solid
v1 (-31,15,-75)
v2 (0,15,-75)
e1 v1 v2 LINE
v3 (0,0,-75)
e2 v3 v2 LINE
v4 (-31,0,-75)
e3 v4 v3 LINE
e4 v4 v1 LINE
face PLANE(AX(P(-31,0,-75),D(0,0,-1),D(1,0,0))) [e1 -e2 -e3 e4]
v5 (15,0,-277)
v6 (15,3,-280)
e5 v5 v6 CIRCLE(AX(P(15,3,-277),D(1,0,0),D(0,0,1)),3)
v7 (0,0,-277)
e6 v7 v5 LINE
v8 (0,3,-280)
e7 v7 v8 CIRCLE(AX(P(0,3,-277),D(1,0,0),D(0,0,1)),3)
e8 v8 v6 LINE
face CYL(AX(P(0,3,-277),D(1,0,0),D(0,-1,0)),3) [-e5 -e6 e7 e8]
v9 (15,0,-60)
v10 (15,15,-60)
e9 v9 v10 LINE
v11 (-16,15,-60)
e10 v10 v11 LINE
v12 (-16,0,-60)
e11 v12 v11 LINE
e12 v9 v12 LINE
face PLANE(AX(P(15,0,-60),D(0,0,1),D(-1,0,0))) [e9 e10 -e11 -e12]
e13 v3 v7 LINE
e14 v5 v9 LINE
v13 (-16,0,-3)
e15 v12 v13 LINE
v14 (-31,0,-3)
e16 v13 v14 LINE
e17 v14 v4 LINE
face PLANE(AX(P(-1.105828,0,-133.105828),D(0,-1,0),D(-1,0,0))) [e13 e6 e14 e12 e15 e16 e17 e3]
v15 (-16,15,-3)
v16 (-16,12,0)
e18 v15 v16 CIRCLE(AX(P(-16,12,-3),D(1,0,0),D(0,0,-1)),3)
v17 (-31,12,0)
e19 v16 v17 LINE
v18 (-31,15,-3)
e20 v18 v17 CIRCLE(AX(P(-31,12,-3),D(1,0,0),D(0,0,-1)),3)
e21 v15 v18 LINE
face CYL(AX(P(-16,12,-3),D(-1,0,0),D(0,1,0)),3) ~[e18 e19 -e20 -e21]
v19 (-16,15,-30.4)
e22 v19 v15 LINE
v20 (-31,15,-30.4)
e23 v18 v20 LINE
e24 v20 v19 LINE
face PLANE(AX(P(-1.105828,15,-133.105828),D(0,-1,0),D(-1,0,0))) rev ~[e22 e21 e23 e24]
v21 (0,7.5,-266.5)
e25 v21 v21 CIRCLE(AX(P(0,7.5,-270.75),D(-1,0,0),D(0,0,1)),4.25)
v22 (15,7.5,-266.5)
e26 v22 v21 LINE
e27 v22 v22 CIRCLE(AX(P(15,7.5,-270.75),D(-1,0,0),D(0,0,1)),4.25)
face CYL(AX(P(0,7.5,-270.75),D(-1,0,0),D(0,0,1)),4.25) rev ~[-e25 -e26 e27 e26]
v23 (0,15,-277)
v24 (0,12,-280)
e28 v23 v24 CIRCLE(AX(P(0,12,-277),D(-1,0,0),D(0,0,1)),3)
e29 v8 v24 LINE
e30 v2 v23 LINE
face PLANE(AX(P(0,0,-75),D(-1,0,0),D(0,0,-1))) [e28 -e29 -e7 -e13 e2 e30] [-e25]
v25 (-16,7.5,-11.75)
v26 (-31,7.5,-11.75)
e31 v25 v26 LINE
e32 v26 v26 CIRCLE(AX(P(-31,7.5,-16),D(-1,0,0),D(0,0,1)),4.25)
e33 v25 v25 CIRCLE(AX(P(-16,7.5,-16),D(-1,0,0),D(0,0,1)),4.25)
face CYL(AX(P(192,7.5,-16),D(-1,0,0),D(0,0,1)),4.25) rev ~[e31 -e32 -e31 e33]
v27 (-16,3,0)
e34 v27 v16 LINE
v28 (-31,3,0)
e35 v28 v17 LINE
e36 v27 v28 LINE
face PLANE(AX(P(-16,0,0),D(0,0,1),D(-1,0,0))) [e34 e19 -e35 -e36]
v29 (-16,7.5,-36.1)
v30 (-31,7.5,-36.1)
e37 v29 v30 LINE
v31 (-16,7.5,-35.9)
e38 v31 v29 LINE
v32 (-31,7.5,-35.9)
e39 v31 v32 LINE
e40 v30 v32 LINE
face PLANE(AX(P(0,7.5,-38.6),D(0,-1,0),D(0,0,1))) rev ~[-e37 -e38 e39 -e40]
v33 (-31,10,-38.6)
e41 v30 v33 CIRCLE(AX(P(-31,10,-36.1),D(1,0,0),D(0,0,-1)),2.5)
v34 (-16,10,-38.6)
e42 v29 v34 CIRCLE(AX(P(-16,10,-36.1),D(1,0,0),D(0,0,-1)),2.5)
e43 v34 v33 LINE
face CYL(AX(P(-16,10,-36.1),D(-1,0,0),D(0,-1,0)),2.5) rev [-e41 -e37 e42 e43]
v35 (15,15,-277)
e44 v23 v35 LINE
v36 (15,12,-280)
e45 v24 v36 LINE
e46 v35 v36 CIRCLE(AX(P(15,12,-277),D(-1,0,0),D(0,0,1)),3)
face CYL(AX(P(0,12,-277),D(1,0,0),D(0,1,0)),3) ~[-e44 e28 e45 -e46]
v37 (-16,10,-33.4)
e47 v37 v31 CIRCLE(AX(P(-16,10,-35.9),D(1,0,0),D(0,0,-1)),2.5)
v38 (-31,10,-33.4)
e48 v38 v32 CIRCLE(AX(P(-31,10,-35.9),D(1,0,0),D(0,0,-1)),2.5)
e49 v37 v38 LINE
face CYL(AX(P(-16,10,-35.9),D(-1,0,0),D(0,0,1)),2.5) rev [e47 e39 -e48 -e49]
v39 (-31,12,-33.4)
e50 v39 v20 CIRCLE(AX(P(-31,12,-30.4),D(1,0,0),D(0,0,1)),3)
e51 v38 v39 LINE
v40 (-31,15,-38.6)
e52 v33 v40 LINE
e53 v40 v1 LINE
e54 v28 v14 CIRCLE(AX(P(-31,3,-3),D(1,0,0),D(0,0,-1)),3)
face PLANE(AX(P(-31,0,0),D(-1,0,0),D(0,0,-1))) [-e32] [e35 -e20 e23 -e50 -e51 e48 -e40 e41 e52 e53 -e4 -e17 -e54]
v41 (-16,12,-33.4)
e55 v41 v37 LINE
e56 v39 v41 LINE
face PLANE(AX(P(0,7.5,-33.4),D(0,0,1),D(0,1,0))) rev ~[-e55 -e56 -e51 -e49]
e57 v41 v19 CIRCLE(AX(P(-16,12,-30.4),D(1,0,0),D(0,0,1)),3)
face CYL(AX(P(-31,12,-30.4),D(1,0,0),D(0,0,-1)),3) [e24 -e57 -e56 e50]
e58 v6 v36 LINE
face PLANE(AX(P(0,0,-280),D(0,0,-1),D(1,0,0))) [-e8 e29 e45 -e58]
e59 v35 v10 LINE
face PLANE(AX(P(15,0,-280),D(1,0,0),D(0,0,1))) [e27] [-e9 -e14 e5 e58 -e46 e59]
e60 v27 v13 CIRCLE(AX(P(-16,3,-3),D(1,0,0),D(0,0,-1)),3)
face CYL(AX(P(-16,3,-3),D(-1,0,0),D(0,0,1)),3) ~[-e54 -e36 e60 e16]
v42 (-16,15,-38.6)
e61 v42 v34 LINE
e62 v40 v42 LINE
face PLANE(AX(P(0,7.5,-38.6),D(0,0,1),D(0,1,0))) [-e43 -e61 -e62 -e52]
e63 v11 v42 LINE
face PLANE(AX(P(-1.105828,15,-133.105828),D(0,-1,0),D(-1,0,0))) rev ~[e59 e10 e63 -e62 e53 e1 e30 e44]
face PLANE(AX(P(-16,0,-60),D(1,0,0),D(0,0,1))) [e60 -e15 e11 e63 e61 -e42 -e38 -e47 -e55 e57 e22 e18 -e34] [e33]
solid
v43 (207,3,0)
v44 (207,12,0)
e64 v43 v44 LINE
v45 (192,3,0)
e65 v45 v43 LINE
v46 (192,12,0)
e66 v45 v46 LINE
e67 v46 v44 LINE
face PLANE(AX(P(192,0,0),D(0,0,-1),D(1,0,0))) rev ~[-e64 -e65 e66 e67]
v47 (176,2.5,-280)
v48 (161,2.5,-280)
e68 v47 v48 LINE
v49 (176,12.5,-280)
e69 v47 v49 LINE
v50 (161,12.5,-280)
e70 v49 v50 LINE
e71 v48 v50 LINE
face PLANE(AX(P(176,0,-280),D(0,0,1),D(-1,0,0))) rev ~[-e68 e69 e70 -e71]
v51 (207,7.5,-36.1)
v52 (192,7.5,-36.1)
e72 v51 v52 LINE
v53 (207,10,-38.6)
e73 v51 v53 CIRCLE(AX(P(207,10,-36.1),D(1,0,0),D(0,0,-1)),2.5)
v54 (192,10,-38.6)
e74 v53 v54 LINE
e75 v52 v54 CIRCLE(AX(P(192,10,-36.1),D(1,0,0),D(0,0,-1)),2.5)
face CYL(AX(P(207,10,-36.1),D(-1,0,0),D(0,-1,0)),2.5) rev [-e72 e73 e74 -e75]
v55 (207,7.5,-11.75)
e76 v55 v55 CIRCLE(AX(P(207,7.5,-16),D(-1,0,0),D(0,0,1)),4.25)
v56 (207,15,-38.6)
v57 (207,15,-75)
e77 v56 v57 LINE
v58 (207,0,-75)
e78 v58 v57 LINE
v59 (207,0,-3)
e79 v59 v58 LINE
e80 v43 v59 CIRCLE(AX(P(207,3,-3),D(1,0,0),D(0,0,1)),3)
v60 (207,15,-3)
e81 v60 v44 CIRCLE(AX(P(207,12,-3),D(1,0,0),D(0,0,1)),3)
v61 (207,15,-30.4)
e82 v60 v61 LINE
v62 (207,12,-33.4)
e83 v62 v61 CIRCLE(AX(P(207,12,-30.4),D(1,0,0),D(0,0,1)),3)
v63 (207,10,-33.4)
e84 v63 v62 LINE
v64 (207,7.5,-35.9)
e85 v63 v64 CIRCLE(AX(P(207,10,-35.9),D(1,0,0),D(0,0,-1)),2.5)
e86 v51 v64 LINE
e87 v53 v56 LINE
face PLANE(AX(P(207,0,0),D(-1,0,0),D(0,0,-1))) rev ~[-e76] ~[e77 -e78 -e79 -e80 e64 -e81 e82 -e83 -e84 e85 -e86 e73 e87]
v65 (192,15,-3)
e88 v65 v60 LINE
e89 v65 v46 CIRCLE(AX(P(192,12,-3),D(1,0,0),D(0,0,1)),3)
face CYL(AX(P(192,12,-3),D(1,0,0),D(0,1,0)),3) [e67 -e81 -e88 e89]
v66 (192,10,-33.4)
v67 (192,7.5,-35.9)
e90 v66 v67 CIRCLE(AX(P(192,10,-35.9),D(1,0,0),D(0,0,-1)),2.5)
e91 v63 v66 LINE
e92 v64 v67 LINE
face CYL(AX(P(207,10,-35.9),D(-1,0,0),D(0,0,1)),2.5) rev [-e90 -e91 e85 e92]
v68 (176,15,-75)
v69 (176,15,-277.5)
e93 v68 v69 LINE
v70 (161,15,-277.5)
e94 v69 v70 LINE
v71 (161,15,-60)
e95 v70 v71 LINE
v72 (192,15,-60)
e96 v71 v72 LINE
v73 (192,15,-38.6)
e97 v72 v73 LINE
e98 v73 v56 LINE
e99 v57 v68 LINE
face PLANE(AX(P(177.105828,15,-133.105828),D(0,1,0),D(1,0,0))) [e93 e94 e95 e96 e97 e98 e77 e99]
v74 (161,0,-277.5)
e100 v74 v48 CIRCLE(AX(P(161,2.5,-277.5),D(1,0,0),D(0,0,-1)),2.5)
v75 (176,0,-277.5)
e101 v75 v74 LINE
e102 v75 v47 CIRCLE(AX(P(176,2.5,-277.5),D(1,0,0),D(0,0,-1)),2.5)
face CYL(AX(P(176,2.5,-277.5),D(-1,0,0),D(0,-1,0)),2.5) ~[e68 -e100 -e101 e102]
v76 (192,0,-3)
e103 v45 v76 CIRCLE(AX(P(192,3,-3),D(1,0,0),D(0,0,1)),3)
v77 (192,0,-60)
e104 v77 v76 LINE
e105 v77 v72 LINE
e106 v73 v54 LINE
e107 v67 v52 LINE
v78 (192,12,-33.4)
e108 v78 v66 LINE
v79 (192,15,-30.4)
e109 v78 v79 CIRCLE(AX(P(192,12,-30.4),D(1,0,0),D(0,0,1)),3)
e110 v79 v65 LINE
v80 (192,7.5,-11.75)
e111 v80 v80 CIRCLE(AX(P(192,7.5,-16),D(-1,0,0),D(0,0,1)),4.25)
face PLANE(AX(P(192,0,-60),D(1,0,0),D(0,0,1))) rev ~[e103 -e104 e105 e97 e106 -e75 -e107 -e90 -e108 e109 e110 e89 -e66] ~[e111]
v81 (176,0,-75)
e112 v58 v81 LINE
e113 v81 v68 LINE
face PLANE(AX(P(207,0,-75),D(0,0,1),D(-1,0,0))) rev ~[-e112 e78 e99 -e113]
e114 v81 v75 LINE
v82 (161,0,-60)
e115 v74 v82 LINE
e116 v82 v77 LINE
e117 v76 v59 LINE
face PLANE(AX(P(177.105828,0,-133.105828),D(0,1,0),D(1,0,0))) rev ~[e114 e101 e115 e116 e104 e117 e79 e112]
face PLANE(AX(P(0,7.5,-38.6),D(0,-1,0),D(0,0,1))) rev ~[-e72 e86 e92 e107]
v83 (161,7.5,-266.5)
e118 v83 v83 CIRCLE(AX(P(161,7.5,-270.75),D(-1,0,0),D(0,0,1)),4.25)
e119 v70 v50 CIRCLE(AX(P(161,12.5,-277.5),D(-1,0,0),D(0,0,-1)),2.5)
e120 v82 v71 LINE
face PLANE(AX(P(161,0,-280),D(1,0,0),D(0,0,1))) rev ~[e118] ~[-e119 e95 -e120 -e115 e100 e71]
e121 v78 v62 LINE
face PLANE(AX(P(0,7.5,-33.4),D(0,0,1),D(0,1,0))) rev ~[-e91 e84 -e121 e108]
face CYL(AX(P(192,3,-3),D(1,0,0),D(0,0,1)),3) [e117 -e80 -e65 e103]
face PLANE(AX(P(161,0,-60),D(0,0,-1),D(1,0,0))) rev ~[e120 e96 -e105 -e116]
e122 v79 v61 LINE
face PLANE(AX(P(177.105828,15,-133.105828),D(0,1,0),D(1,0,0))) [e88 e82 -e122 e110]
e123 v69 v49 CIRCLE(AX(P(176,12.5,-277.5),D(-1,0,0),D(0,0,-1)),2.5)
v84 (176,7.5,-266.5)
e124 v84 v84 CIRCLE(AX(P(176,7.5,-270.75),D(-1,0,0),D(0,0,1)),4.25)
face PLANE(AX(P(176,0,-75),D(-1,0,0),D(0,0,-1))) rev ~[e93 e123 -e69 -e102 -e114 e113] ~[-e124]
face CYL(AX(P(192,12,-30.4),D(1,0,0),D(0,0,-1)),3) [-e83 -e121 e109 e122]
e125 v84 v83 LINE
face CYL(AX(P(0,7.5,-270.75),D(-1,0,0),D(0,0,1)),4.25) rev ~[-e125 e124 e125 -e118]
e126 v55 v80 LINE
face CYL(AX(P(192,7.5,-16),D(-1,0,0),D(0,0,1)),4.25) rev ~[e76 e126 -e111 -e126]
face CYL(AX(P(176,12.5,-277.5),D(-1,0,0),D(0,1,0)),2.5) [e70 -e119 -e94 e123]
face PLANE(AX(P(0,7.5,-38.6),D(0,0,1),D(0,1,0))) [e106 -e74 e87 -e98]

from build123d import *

# Parameters (mm, degrees)
OUTER_LEGS_DEPTH            = 15
OUTER_LEGS_2_DEPTH          = 15
SKETCH7_R                   = 4.25
LOWER_DOWEL_HOLE_DEPTH      = 224
LOWER_DOWEL_HOLE_DEPTH_BACK = 16
SKETCH8_W                   = 5.2
SKETCH8_H                   = 7.5
CUT_EXTRUDE4_DEPTH          = 32
CUT_EXTRUDE4_DEPTH_BACK     = 208
SKETCH6_R                   = 4.25
HINGE_HOLE_DEPTH            = 32
HINGE_HOLE_DEPTH_BACK       = 208
FILLET3_R                   = 2.5
FILLET5_R                   = 3
FILLET6_R                   = 3
FILLET10_R                  = 3
FILLET11_R                  = 3
FILLET12_R                  = 2.5
FILLET13_R                  = 2.5
FILLET14_R                  = 3


with BuildPart() as part:
    # Sketch2 → outer legs (new body)
    with BuildSketch(Plane(origin=(0, 0, 0), x_dir=(1, 0, 0), z_dir=(0, 1, 0))):
        Polygon((0, 75), (0, 280), (15, 280), (15, 60), (-16, 60), (-16, 0), (-31, 0), (-31, 75), align=None)
    extrude(amount=OUTER_LEGS_DEPTH)


with BuildPart() as body_2:
    # Sketch2 → outer legs 2 (new body)
    with BuildSketch(Plane(origin=(0, 0, 0), x_dir=(1, 0, 0), z_dir=(0, 1, 0))):
        Polygon((176, 75), (176, 280), (161, 280), (161, 60), (192, 60), (192, 0), (207, 0), (207, 75), align=None)
    extrude(amount=OUTER_LEGS_2_DEPTH)


with BuildPart() as lower_dowel_hole_tool:
    # Sketch7 → LOWER DOWEL HOLE (new body, two sides)
    with BuildSketch(Plane.ZY.offset(-192)) as lower_dowel_hole_sk:
        with Locations((-16, 7.5)):
            Circle(SKETCH7_R)
    extrude(amount=LOWER_DOWEL_HOLE_DEPTH)
    extrude(lower_dowel_hole_sk.sketch, amount=-LOWER_DOWEL_HOLE_DEPTH_BACK)


with BuildPart() as part_1:
    add(part.part)

    # LOWER DOWEL HOLE: cut by lower_dowel_hole_tool
    add(lower_dowel_hole_tool.part, mode=Mode.SUBTRACT)


with BuildPart() as body_2_1:
    add(body_2.part)

    # LOWER DOWEL HOLE: cut by lower_dowel_hole_tool
    add(lower_dowel_hole_tool.part, mode=Mode.SUBTRACT)


with BuildPart() as cut_extrude4_tool:
    # Sketch8 → Cut-Extrude4 (new body, two sides)
    with BuildSketch(Plane.ZY) as cut_extrude4_sk:
        with Locations((-36, 11.25)):
            Rectangle(SKETCH8_W, SKETCH8_H)
    extrude(amount=CUT_EXTRUDE4_DEPTH)
    extrude(cut_extrude4_sk.sketch, amount=-CUT_EXTRUDE4_DEPTH_BACK)


with BuildPart() as part_2:
    add(part_1.part)

    # Cut-Extrude4: cut by cut_extrude4_tool
    add(cut_extrude4_tool.part, mode=Mode.SUBTRACT)


with BuildPart() as body_2_2:
    add(body_2_1.part)

    # Cut-Extrude4: cut by cut_extrude4_tool
    add(cut_extrude4_tool.part, mode=Mode.SUBTRACT)


with BuildPart() as hinge_hole_tool:
    # Sketch6 → HINGE HOLE (new body, two sides)
    with BuildSketch(Plane.ZY) as hinge_hole_sk:
        with Locations((-270.75, 7.5)):
            Circle(SKETCH6_R)
    extrude(amount=HINGE_HOLE_DEPTH)
    extrude(hinge_hole_sk.sketch, amount=-HINGE_HOLE_DEPTH_BACK)


with BuildPart() as part_3:
    add(part_2.part)

    # HINGE HOLE: cut by hinge_hole_tool
    add(hinge_hole_tool.part, mode=Mode.SUBTRACT)

    # Fillet5
    fillet5_edges = [part_3.edges().sort_by_distance(p)[0] for p in [
        (-23.5, 15, -33.4),
    ]]
    fillet(fillet5_edges, radius=FILLET5_R)

    # Fillet10
    fillet10_edges = [part_3.edges().sort_by_distance(p)[0] for p in [
        (-23.5, 15, 0),
        (-23.5, 0, 0),
    ]]
    fillet(fillet10_edges, radius=FILLET10_R)

    # Fillet12
    fillet12_edges = [part_3.edges().sort_by_distance(p)[0] for p in [
        (-23.5, 7.5, -38.6),
        (-23.5, 7.5, -33.4),
    ]]
    fillet(fillet12_edges, radius=FILLET12_R)

    # Fillet14
    fillet14_edges = [part_3.edges().sort_by_distance(p)[0] for p in [
        (7.5, 0, -280),
        (7.5, 15, -280),
    ]]
    fillet(fillet14_edges, radius=FILLET14_R)


with BuildPart() as body_2_3:
    add(body_2_2.part)

    # HINGE HOLE: cut by hinge_hole_tool
    add(hinge_hole_tool.part, mode=Mode.SUBTRACT)

    # Fillet3
    fillet3_edges = [body_2_3.edges().sort_by_distance(p)[0] for p in [
        (168.5, 0, -280),
        (168.5, 15, -280),
    ]]
    fillet(fillet3_edges, radius=FILLET3_R)

    # Fillet6
    fillet6_edges = [body_2_3.edges().sort_by_distance(p)[0] for p in [
        (199.5, 15, -33.4),
    ]]
    fillet(fillet6_edges, radius=FILLET6_R)

    # Fillet11
    fillet11_edges = [body_2_3.edges().sort_by_distance(p)[0] for p in [
        (199.5, 0, 0),
        (199.5, 15, 0),
    ]]
    fillet(fillet11_edges, radius=FILLET11_R)

    # Fillet13
    fillet13_edges = [body_2_3.edges().sort_by_distance(p)[0] for p in [
        (199.5, 7.5, -33.4),
        (199.5, 7.5, -38.6),
    ]]
    fillet(fillet13_edges, radius=FILLET13_R)


solid = Compound([part_3.part, body_2_3.part])
